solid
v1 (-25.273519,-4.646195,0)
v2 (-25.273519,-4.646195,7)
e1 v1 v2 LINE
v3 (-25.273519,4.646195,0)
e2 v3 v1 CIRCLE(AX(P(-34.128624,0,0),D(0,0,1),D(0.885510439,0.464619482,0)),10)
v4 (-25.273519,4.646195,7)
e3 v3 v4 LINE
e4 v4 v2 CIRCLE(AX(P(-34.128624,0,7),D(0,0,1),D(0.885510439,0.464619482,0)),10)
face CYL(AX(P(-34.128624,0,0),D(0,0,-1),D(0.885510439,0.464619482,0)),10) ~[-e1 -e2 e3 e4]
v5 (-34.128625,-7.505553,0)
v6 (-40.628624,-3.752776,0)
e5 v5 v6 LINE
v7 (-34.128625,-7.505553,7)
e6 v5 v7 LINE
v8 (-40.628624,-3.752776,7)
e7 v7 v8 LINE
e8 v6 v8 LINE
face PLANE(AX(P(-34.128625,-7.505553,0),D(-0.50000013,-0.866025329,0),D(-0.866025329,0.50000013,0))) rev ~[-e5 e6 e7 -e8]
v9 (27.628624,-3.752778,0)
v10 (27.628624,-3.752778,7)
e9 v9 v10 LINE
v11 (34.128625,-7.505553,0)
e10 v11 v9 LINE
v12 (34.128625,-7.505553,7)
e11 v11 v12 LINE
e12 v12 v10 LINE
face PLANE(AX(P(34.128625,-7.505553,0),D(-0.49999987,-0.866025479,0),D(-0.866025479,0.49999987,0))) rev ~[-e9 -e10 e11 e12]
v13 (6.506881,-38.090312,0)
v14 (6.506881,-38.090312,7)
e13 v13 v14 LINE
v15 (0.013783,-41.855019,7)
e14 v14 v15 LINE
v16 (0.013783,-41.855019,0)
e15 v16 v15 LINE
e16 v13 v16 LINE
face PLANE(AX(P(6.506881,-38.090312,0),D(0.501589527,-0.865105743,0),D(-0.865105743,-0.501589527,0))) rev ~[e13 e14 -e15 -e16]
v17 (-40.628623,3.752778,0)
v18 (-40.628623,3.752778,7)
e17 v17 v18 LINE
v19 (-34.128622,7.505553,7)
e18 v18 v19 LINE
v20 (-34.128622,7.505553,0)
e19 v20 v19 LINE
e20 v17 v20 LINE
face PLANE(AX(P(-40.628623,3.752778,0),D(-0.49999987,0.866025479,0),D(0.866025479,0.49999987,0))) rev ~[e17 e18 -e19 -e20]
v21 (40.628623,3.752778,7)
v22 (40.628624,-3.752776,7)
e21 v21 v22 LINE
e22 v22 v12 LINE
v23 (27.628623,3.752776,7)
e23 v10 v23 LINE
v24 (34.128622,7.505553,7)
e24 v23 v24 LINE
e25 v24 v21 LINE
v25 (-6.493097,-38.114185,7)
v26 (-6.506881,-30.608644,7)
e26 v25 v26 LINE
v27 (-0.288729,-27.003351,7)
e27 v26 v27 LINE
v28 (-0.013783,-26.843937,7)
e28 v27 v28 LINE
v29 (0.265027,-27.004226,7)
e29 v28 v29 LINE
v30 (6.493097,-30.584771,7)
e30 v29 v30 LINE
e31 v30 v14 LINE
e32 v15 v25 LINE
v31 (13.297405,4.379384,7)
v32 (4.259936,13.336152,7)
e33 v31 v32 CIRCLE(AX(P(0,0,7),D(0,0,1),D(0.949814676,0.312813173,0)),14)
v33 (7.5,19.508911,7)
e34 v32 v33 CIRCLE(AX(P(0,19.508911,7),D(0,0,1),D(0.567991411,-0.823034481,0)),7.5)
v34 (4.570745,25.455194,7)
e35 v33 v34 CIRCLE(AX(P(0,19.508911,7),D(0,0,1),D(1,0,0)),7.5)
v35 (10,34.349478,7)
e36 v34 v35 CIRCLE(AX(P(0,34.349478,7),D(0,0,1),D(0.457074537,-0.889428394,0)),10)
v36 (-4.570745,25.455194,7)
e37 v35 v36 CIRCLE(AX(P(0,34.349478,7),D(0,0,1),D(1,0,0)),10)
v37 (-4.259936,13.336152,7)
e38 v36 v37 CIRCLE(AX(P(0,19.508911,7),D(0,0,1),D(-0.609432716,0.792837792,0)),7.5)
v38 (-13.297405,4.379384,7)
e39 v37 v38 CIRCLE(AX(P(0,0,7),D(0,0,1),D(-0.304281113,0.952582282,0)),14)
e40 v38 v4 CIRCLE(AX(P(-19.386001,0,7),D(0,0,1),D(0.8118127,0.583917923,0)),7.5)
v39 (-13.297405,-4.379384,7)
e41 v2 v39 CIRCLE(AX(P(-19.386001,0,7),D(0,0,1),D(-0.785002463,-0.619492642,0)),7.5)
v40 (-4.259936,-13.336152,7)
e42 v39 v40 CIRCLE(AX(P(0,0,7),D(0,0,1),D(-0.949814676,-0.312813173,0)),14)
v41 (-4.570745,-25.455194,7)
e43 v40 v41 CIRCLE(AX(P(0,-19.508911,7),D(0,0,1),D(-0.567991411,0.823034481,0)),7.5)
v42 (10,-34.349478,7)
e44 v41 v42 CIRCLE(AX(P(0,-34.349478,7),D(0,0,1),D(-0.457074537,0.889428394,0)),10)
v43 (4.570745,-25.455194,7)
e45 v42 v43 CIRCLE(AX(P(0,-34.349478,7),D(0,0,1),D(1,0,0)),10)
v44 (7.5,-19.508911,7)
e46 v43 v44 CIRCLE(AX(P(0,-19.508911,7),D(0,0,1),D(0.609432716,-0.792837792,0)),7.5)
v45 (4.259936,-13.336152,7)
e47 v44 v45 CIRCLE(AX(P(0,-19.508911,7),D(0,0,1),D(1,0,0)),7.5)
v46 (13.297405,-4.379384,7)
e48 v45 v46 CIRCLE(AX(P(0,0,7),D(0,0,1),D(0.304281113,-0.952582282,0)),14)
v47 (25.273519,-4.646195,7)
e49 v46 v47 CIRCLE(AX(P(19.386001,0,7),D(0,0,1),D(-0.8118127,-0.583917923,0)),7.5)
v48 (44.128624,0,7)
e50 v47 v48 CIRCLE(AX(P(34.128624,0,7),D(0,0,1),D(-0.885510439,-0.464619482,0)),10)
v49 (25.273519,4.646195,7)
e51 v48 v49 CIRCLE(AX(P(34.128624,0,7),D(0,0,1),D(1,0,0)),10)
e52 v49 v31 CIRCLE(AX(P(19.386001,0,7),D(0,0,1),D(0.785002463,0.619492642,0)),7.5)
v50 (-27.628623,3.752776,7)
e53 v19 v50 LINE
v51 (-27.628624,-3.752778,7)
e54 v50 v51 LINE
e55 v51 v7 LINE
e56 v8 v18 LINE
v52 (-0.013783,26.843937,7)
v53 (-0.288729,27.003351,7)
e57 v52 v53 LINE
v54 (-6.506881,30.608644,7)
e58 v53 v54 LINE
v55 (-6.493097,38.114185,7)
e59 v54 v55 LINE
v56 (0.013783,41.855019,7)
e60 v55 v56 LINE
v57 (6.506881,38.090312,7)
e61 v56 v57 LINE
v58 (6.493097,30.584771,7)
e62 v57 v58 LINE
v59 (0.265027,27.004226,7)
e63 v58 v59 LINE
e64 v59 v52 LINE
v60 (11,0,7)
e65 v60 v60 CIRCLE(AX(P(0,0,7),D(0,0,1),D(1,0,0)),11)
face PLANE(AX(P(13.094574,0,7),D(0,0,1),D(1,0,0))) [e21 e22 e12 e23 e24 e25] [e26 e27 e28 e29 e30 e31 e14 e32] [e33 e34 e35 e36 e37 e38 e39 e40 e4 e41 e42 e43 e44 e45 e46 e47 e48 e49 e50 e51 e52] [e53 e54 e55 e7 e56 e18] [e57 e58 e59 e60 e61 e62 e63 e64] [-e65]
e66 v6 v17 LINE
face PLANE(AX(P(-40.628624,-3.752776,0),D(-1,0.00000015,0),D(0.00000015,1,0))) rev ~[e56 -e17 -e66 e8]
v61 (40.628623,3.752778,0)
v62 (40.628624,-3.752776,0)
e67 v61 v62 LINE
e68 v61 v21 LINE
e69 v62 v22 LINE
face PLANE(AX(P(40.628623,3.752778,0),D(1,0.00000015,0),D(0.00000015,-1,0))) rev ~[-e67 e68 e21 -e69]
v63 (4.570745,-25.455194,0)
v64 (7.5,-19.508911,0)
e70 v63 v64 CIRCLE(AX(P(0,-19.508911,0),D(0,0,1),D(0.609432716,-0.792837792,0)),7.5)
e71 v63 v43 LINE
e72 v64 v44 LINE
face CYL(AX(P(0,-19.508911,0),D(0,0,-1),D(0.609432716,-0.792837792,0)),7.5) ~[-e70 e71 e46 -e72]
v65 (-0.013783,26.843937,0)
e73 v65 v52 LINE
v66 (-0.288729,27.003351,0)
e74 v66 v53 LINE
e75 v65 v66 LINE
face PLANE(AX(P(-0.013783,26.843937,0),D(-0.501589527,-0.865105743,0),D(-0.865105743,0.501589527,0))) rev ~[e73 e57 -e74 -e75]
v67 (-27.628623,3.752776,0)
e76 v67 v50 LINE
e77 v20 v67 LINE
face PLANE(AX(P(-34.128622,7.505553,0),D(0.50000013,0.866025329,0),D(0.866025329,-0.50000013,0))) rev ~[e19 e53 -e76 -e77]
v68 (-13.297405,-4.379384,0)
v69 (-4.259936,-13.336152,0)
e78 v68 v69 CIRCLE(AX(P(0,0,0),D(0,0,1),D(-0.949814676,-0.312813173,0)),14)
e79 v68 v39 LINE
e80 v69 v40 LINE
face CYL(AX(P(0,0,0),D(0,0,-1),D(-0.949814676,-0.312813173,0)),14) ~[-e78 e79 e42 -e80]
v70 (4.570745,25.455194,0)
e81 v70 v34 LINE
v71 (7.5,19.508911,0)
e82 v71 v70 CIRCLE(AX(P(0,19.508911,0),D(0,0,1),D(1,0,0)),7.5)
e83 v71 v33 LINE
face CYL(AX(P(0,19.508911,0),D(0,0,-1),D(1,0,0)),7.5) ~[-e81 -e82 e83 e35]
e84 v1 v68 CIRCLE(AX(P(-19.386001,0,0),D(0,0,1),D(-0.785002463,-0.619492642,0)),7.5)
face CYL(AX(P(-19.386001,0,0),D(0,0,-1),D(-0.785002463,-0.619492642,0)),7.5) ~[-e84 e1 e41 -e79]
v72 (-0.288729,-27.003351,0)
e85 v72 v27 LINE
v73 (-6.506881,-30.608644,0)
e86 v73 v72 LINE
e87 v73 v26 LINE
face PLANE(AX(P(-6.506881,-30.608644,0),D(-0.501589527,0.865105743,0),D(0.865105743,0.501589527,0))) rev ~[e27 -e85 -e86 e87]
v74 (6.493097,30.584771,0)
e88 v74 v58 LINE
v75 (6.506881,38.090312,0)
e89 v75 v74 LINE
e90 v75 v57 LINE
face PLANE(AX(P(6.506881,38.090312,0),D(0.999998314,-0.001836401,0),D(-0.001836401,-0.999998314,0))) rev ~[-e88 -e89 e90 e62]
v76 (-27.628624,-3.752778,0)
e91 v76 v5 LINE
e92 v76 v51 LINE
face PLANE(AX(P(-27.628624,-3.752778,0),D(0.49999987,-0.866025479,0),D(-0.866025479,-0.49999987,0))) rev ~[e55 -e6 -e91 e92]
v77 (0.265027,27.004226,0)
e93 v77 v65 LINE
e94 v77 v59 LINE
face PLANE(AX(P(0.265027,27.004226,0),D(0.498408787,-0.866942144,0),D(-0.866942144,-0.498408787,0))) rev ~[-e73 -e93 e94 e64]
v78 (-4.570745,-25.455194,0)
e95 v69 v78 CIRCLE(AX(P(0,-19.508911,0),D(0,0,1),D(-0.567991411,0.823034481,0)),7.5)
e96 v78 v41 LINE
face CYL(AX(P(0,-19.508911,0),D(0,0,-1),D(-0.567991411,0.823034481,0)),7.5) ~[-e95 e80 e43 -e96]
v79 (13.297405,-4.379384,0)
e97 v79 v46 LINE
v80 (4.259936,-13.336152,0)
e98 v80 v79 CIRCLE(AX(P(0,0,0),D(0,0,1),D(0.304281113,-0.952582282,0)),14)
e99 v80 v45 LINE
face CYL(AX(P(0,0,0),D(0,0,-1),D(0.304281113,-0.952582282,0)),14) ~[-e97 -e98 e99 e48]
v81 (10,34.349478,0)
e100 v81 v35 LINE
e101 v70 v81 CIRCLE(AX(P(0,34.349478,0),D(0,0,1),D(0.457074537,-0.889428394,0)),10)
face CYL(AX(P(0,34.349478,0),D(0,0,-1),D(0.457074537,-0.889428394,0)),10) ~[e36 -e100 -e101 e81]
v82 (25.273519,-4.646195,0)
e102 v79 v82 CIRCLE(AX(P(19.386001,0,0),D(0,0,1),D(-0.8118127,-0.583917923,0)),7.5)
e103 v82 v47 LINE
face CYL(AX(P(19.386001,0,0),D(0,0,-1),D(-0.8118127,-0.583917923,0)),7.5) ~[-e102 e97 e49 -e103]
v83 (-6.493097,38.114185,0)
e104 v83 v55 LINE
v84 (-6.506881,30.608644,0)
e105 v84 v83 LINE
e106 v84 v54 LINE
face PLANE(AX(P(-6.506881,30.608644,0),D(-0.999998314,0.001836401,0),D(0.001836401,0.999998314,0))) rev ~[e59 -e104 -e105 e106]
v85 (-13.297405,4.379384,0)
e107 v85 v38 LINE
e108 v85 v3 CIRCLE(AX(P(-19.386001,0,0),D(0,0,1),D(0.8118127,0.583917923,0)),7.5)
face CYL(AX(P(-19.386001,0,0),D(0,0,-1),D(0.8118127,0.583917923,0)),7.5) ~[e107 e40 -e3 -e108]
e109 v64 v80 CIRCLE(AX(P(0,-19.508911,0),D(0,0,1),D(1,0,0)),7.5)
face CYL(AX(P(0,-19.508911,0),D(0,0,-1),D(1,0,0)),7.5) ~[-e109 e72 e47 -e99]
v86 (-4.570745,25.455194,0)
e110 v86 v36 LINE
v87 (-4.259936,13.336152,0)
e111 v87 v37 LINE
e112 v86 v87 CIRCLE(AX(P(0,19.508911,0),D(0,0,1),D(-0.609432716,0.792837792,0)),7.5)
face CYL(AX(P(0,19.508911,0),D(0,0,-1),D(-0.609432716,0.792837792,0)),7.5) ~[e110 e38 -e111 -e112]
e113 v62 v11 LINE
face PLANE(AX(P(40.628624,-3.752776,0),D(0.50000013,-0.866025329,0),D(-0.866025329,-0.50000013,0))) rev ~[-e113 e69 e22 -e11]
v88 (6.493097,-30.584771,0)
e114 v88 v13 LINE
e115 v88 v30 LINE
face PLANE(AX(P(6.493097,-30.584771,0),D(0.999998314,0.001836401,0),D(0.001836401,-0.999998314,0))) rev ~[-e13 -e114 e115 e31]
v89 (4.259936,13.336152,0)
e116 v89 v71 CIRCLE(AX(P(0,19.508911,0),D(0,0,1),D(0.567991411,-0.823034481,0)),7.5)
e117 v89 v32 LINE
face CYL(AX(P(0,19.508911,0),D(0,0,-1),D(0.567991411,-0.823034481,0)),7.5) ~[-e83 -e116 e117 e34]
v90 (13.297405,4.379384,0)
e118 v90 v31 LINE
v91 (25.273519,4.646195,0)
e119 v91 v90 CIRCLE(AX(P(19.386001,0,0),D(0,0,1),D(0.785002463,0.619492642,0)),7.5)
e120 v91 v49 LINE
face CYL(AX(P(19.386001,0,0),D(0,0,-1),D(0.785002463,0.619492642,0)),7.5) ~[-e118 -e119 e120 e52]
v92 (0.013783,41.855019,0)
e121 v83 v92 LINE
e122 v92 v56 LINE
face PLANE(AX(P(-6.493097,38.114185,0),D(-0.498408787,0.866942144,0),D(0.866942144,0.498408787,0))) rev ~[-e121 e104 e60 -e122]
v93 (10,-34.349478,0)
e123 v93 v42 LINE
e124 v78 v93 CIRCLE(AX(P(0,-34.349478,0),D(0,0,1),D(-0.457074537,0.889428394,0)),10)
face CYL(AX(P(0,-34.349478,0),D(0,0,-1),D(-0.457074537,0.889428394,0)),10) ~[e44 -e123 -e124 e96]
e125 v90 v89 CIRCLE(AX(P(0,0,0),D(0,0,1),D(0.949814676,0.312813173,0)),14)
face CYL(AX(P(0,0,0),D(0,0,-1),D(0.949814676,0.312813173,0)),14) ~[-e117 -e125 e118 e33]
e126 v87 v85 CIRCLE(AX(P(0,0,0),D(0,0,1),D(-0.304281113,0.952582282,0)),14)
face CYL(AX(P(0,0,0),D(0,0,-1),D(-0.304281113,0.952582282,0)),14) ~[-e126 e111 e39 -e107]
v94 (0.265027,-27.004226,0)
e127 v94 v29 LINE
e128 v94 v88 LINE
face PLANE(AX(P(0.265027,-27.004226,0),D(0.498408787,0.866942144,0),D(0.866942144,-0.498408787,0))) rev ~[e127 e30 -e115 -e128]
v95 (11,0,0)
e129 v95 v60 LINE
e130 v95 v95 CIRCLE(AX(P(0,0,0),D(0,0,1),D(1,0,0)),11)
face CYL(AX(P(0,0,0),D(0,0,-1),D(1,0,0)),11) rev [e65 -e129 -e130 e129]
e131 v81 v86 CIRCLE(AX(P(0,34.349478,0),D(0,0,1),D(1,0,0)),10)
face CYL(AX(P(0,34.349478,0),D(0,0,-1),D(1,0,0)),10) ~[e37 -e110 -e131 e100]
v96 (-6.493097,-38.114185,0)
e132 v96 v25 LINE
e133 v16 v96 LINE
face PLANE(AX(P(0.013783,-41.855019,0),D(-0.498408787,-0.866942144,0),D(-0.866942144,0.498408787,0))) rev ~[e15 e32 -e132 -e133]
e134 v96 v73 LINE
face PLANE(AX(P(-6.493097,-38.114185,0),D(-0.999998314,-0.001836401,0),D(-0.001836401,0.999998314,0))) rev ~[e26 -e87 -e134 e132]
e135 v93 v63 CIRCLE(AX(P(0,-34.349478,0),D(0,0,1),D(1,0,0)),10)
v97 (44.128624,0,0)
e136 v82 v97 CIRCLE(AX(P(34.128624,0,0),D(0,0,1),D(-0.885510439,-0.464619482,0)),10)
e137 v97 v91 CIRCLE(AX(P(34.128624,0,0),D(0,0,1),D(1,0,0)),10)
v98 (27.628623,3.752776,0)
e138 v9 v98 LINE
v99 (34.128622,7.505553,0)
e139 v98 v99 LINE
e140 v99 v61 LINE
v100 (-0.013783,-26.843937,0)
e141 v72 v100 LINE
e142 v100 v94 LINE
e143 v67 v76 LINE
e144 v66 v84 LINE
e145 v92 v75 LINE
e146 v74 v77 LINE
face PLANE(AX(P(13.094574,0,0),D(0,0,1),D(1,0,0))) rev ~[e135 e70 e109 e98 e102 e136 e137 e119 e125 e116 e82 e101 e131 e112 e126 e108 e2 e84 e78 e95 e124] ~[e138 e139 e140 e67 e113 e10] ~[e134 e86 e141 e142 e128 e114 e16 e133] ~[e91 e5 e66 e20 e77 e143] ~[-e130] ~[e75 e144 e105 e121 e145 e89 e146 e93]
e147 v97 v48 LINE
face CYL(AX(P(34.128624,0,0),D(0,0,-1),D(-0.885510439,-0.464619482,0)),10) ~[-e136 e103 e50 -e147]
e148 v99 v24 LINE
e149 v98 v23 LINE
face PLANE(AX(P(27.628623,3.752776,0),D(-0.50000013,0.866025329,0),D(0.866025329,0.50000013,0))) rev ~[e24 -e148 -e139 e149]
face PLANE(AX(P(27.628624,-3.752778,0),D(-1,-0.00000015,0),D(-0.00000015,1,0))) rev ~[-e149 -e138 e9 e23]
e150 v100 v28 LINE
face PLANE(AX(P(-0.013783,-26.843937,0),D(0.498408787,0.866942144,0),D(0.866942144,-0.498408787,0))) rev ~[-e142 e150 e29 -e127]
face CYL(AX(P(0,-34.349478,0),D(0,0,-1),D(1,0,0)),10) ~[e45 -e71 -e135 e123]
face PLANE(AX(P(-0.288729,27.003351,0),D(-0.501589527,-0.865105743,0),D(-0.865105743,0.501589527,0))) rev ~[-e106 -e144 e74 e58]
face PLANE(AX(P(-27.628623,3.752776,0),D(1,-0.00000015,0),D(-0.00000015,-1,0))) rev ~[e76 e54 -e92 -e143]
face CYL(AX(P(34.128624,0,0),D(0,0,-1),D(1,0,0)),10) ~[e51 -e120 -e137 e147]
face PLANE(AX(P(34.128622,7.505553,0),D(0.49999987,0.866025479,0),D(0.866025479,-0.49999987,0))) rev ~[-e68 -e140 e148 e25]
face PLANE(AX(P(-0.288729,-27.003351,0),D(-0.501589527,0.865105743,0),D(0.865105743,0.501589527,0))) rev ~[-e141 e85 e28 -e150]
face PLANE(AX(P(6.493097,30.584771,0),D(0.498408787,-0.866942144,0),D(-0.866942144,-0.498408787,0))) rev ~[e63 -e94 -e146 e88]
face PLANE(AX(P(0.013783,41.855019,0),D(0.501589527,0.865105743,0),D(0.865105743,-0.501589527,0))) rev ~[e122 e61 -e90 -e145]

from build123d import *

# Parameters (mm, degrees)
F0_R     = 11
F1_DEPTH = 7


with BuildPart() as f1:
    # F0 (on Top) → F1 (new body)
    with BuildSketch(Plane.XY):
        with BuildLine():
            ThreePointArc((13.2974054648, -4.3793844206), (13.8232354481, -2.2176928881), (14, 0))
            ThreePointArc((14, 0), (13.8232354481, 2.2176928881), (13.2974054648, 4.3793844206))
            ThreePointArc((13.2974054648, 4.3793844206), (11.886000713, 0), (13.2974054648, -4.3793844206))
        make_face()
        with BuildLine():
            ThreePointArc((13.2974054648, 4.3793844206), (13.8232354481, 2.2176928881), (14, 0))
            ThreePointArc((14, 0), (13.8232354481, -2.2176928881), (13.2974054648, -4.3793844206))
            ThreePointArc((13.2974054648, -4.3793844206), (19.2189530709, -7.4981394416), (25.2735191818, -4.6461948172))
            ThreePointArc((25.2735191818, -4.6461948172), (24.1286235697, 0), (25.2735191818, 4.6461948172))
            ThreePointArc((25.2735191818, 4.6461948172), (19.2189530709, 7.4981394416), (13.2974054648, 4.3793844206))
        make_face()
        with BuildLine():
            ThreePointArc((13.2974054648, -4.3793844206), (11.886000713, 0), (13.2974054648, 4.3793844206))
            ThreePointArc((13.2974054648, 4.3793844206), (9.8549975816, 9.943793173), (4.259935586, 13.3361519489))
            ThreePointArc((4.259935586, 13.3361519489), (0, 12.0089105545), (-4.259935586, 13.3361519489))
            ThreePointArc((-4.259935586, 13.3361519489), (-9.8549975816, 9.943793173), (-13.2974054648, 4.3793844206))
            ThreePointArc((-13.2974054648, 4.3793844206), (-12.2475672588, 2.3006016211), (-11.886000713, 0))
            ThreePointArc((-11.886000713, 0), (-12.2475672588, -2.3006016211), (-13.2974054648, -4.3793844206))
            ThreePointArc((-13.2974054648, -4.3793844206), (-9.8549975816, -9.943793173), (-4.259935586, -13.3361519489))
            ThreePointArc((-4.259935586, -13.3361519489), (0, -12.0089105545), (4.259935586, -13.3361519489))
            ThreePointArc((4.259935586, -13.3361519489), (9.8549975816, -9.943793173), (13.2974054648, -4.3793844206))
        make_face()
        Circle(F0_R, mode=Mode.SUBTRACT)
        with BuildLine():
            ThreePointArc((-4.259935586, 13.3361519489), (0, 12.0089105545), (4.259935586, 13.3361519489))
            ThreePointArc((4.259935586, 13.3361519489), (0, 14), (-4.259935586, 13.3361519489))
        make_face()
        with BuildLine():
            ThreePointArc((-4.259935586, 13.3361519489), (0, 14), (4.259935586, 13.3361519489))
            ThreePointArc((4.259935586, 13.3361519489), (6.6407648993, 16.0231908938), (7.5, 19.5089105545))
            ThreePointArc((7.5, 19.5089105545), (6.7279488058, 22.8232287145), (4.5707453691, 25.4551939963))
            ThreePointArc((4.5707453691, 25.4551939963), (0, 24.3494779344), (-4.5707453691, 25.4551939963))
            ThreePointArc((-4.5707453691, 25.4551939963), (-7.4975346995, 19.316625791), (-4.259935586, 13.3361519489))
        make_face()
        with BuildLine():
            ThreePointArc((44.1286235697, 0), (36.5212117208, 9.7095582773), (25.2735191818, 4.6461948172))
            ThreePointArc((25.2735191818, 4.6461948172), (26.4714219608, 2.4590253642), (26.886000713, 0))
            ThreePointArc((26.886000713, 0), (26.4714219608, -2.4590253642), (25.2735191818, -4.6461948172))
            ThreePointArc((25.2735191818, -4.6461948172), (36.5212117208, -9.7095582773), (44.1286235697, 0))
        make_face()
        Polygon((40.6286230082, 3.7527777224), (40.6286241313, -3.7527757771), (34.1286246929, -7.5055534995), (27.6286241313, -3.7527777224), (27.6286230082, 3.7527757771), (34.1286224466, 7.5055534995), align=None, mode=Mode.SUBTRACT)
        with BuildLine():
            ThreePointArc((26.886000713, 0), (26.4714219608, 2.4590253642), (25.2735191818, 4.6461948172))
            ThreePointArc((25.2735191818, 4.6461948172), (24.1286235697, 0), (25.2735191818, -4.6461948172))
            ThreePointArc((25.2735191818, -4.6461948172), (26.4714219608, -2.4590253642), (26.886000713, 0))
        make_face()
        with BuildLine():
            ThreePointArc((7.5, -19.5089105545), (6.6407648993, -16.0231908938), (4.259935586, -13.3361519489))
            ThreePointArc((4.259935586, -13.3361519489), (0, -14), (-4.259935586, -13.3361519489))
            ThreePointArc((-4.259935586, -13.3361519489), (-7.4975346995, -19.316625791), (-4.5707453691, -25.4551939963))
            ThreePointArc((-4.5707453691, -25.4551939963), (0, -24.3494779344), (4.5707453691, -25.4551939963))
            ThreePointArc((4.5707453691, -25.4551939963), (6.7279488058, -22.8232287145), (7.5, -19.5089105545))
        make_face()
        with BuildLine():
            ThreePointArc((-4.259935586, -13.3361519489), (0, -14), (4.259935586, -13.3361519489))
            ThreePointArc((4.259935586, -13.3361519489), (0, -12.0089105545), (-4.259935586, -13.3361519489))
        make_face()
        with BuildLine():
            ThreePointArc((-11.886000713, 0), (-12.2475672588, 2.3006016211), (-13.2974054648, 4.3793844206))
            ThreePointArc((-13.2974054648, 4.3793844206), (-14, 0), (-13.2974054648, -4.3793844206))
            ThreePointArc((-13.2974054648, -4.3793844206), (-12.2475672588, -2.3006016211), (-11.886000713, 0))
        make_face()
        with BuildLine():
            ThreePointArc((-13.2974054648, -4.3793844206), (-14, 0), (-13.2974054648, 4.3793844206))
            ThreePointArc((-13.2974054648, 4.3793844206), (-19.2189530709, 7.4981394416), (-25.2735191818, 4.6461948172))
            ThreePointArc((-25.2735191818, 4.6461948172), (-24.4190652925, 2.392588151), (-24.1286235697, 0))
            ThreePointArc((-24.1286235697, 0), (-24.4190652925, -2.392588151), (-25.2735191818, -4.6461948172))
            ThreePointArc((-25.2735191818, -4.6461948172), (-19.2189530709, -7.4981394416), (-13.2974054648, -4.3793844206))
        make_face()
        with BuildLine():
            ThreePointArc((10, 34.3494779344), (-5.2102085519, 42.8849173985), (-4.5707453691, 25.4551939963))
            ThreePointArc((-4.5707453691, 25.4551939963), (-2.5500626452, 26.5620786728), (-0.2887287026, 27.0033508762))
            Line((-0.2887287026, 27.0033508762), (-6.506880643, 30.6086441194))
            Line((-6.506880643, 30.6086441194), (-6.4930974366, 38.1141849631))
            Line((-6.4930974366, 38.1141849631), (0.0137832064, 41.8550187781))
            Line((0.0137832064, 41.8550187781), (6.506880643, 38.0903117494))
            Line((6.506880643, 38.0903117494), (6.4930974366, 30.5847709057))
            Line((6.4930974366, 30.5847709057), (0.2650273068, 27.0042264602))
            ThreePointArc((0.2650273068, 27.0042264602), (2.5389071934, 26.5661019408), (4.5707453691, 25.4551939963))
            ThreePointArc((4.5707453691, 25.4551939963), (8.5354394641, 29.1392693825), (10, 34.3494779344))
        make_face()
        with BuildLine():
            ThreePointArc((-0.2887287026, 27.0033508762), (-2.5500626452, 26.5620786728), (-4.5707453691, 25.4551939963))
            ThreePointArc((-4.5707453691, 25.4551939963), (0, 24.3494779344), (4.5707453691, 25.4551939963))
            ThreePointArc((4.5707453691, 25.4551939963), (2.5389071934, 26.5661019408), (0.2650273068, 27.0042264602))
            Line((0.2650273068, 27.0042264602), (-0.0137832064, 26.8439370907))
            Line((-0.0137832064, 26.8439370907), (-0.2887287026, 27.0033508762))
        make_face()
        with BuildLine():
            ThreePointArc((4.5707453691, -25.4551939963), (0, -24.3494779344), (-4.5707453691, -25.4551939963))
            ThreePointArc((-4.5707453691, -25.4551939963), (-2.5500626452, -26.5620786728), (-0.2887287026, -27.0033508762))
            Line((-0.2887287026, -27.0033508762), (-0.0137832064, -26.8439370907))
            Line((-0.0137832064, -26.8439370907), (0.2650273068, -27.0042264602))
            ThreePointArc((0.2650273068, -27.0042264602), (2.5389071934, -26.5661019408), (4.5707453691, -25.4551939963))
        make_face()
        with BuildLine():
            ThreePointArc((-0.2887287026, -27.0033508762), (-2.5500626452, -26.5620786728), (-4.5707453691, -25.4551939963))
            ThreePointArc((-4.5707453691, -25.4551939963), (-5.2102085519, -42.8849173985), (10, -34.3494779344))
            ThreePointArc((10, -34.3494779344), (8.5354394641, -29.1392693825), (4.5707453691, -25.4551939963))
            ThreePointArc((4.5707453691, -25.4551939963), (2.5389071934, -26.5661019408), (0.2650273068, -27.0042264602))
            Line((0.2650273068, -27.0042264602), (6.4930974366, -30.5847709057))
            Line((6.4930974366, -30.5847709057), (6.506880643, -38.0903117494))
            Line((6.506880643, -38.0903117494), (0.0137832064, -41.8550187781))
            Line((0.0137832064, -41.8550187781), (-6.4930974366, -38.1141849631))
            Line((-6.4930974366, -38.1141849631), (-6.506880643, -30.6086441194))
            Line((-6.506880643, -30.6086441194), (-0.2887287026, -27.0033508762))
        make_face()
        with BuildLine():
            ThreePointArc((-24.1286235697, 0), (-24.4190652925, 2.392588151), (-25.2735191818, 4.6461948172))
            ThreePointArc((-25.2735191818, 4.6461948172), (-26.886000713, 0), (-25.2735191818, -4.6461948172))
            ThreePointArc((-25.2735191818, -4.6461948172), (-24.4190652925, -2.392588151), (-24.1286235697, 0))
        make_face()
        with BuildLine():
            ThreePointArc((-25.2735191818, -4.6461948172), (-26.886000713, 0), (-25.2735191818, 4.6461948172))
            ThreePointArc((-25.2735191818, 4.6461948172), (-44.1286235697, 0), (-25.2735191818, -4.6461948172))
        make_face()
        Polygon((-27.6286241313, -3.7527777224), (-34.1286246929, -7.5055534995), (-40.6286241313, -3.7527757771), (-40.6286230082, 3.7527777224), (-34.1286224466, 7.5055534995), (-27.6286230082, 3.7527757771), align=None, mode=Mode.SUBTRACT)
    extrude(amount=F1_DEPTH)


solid = f1.part
